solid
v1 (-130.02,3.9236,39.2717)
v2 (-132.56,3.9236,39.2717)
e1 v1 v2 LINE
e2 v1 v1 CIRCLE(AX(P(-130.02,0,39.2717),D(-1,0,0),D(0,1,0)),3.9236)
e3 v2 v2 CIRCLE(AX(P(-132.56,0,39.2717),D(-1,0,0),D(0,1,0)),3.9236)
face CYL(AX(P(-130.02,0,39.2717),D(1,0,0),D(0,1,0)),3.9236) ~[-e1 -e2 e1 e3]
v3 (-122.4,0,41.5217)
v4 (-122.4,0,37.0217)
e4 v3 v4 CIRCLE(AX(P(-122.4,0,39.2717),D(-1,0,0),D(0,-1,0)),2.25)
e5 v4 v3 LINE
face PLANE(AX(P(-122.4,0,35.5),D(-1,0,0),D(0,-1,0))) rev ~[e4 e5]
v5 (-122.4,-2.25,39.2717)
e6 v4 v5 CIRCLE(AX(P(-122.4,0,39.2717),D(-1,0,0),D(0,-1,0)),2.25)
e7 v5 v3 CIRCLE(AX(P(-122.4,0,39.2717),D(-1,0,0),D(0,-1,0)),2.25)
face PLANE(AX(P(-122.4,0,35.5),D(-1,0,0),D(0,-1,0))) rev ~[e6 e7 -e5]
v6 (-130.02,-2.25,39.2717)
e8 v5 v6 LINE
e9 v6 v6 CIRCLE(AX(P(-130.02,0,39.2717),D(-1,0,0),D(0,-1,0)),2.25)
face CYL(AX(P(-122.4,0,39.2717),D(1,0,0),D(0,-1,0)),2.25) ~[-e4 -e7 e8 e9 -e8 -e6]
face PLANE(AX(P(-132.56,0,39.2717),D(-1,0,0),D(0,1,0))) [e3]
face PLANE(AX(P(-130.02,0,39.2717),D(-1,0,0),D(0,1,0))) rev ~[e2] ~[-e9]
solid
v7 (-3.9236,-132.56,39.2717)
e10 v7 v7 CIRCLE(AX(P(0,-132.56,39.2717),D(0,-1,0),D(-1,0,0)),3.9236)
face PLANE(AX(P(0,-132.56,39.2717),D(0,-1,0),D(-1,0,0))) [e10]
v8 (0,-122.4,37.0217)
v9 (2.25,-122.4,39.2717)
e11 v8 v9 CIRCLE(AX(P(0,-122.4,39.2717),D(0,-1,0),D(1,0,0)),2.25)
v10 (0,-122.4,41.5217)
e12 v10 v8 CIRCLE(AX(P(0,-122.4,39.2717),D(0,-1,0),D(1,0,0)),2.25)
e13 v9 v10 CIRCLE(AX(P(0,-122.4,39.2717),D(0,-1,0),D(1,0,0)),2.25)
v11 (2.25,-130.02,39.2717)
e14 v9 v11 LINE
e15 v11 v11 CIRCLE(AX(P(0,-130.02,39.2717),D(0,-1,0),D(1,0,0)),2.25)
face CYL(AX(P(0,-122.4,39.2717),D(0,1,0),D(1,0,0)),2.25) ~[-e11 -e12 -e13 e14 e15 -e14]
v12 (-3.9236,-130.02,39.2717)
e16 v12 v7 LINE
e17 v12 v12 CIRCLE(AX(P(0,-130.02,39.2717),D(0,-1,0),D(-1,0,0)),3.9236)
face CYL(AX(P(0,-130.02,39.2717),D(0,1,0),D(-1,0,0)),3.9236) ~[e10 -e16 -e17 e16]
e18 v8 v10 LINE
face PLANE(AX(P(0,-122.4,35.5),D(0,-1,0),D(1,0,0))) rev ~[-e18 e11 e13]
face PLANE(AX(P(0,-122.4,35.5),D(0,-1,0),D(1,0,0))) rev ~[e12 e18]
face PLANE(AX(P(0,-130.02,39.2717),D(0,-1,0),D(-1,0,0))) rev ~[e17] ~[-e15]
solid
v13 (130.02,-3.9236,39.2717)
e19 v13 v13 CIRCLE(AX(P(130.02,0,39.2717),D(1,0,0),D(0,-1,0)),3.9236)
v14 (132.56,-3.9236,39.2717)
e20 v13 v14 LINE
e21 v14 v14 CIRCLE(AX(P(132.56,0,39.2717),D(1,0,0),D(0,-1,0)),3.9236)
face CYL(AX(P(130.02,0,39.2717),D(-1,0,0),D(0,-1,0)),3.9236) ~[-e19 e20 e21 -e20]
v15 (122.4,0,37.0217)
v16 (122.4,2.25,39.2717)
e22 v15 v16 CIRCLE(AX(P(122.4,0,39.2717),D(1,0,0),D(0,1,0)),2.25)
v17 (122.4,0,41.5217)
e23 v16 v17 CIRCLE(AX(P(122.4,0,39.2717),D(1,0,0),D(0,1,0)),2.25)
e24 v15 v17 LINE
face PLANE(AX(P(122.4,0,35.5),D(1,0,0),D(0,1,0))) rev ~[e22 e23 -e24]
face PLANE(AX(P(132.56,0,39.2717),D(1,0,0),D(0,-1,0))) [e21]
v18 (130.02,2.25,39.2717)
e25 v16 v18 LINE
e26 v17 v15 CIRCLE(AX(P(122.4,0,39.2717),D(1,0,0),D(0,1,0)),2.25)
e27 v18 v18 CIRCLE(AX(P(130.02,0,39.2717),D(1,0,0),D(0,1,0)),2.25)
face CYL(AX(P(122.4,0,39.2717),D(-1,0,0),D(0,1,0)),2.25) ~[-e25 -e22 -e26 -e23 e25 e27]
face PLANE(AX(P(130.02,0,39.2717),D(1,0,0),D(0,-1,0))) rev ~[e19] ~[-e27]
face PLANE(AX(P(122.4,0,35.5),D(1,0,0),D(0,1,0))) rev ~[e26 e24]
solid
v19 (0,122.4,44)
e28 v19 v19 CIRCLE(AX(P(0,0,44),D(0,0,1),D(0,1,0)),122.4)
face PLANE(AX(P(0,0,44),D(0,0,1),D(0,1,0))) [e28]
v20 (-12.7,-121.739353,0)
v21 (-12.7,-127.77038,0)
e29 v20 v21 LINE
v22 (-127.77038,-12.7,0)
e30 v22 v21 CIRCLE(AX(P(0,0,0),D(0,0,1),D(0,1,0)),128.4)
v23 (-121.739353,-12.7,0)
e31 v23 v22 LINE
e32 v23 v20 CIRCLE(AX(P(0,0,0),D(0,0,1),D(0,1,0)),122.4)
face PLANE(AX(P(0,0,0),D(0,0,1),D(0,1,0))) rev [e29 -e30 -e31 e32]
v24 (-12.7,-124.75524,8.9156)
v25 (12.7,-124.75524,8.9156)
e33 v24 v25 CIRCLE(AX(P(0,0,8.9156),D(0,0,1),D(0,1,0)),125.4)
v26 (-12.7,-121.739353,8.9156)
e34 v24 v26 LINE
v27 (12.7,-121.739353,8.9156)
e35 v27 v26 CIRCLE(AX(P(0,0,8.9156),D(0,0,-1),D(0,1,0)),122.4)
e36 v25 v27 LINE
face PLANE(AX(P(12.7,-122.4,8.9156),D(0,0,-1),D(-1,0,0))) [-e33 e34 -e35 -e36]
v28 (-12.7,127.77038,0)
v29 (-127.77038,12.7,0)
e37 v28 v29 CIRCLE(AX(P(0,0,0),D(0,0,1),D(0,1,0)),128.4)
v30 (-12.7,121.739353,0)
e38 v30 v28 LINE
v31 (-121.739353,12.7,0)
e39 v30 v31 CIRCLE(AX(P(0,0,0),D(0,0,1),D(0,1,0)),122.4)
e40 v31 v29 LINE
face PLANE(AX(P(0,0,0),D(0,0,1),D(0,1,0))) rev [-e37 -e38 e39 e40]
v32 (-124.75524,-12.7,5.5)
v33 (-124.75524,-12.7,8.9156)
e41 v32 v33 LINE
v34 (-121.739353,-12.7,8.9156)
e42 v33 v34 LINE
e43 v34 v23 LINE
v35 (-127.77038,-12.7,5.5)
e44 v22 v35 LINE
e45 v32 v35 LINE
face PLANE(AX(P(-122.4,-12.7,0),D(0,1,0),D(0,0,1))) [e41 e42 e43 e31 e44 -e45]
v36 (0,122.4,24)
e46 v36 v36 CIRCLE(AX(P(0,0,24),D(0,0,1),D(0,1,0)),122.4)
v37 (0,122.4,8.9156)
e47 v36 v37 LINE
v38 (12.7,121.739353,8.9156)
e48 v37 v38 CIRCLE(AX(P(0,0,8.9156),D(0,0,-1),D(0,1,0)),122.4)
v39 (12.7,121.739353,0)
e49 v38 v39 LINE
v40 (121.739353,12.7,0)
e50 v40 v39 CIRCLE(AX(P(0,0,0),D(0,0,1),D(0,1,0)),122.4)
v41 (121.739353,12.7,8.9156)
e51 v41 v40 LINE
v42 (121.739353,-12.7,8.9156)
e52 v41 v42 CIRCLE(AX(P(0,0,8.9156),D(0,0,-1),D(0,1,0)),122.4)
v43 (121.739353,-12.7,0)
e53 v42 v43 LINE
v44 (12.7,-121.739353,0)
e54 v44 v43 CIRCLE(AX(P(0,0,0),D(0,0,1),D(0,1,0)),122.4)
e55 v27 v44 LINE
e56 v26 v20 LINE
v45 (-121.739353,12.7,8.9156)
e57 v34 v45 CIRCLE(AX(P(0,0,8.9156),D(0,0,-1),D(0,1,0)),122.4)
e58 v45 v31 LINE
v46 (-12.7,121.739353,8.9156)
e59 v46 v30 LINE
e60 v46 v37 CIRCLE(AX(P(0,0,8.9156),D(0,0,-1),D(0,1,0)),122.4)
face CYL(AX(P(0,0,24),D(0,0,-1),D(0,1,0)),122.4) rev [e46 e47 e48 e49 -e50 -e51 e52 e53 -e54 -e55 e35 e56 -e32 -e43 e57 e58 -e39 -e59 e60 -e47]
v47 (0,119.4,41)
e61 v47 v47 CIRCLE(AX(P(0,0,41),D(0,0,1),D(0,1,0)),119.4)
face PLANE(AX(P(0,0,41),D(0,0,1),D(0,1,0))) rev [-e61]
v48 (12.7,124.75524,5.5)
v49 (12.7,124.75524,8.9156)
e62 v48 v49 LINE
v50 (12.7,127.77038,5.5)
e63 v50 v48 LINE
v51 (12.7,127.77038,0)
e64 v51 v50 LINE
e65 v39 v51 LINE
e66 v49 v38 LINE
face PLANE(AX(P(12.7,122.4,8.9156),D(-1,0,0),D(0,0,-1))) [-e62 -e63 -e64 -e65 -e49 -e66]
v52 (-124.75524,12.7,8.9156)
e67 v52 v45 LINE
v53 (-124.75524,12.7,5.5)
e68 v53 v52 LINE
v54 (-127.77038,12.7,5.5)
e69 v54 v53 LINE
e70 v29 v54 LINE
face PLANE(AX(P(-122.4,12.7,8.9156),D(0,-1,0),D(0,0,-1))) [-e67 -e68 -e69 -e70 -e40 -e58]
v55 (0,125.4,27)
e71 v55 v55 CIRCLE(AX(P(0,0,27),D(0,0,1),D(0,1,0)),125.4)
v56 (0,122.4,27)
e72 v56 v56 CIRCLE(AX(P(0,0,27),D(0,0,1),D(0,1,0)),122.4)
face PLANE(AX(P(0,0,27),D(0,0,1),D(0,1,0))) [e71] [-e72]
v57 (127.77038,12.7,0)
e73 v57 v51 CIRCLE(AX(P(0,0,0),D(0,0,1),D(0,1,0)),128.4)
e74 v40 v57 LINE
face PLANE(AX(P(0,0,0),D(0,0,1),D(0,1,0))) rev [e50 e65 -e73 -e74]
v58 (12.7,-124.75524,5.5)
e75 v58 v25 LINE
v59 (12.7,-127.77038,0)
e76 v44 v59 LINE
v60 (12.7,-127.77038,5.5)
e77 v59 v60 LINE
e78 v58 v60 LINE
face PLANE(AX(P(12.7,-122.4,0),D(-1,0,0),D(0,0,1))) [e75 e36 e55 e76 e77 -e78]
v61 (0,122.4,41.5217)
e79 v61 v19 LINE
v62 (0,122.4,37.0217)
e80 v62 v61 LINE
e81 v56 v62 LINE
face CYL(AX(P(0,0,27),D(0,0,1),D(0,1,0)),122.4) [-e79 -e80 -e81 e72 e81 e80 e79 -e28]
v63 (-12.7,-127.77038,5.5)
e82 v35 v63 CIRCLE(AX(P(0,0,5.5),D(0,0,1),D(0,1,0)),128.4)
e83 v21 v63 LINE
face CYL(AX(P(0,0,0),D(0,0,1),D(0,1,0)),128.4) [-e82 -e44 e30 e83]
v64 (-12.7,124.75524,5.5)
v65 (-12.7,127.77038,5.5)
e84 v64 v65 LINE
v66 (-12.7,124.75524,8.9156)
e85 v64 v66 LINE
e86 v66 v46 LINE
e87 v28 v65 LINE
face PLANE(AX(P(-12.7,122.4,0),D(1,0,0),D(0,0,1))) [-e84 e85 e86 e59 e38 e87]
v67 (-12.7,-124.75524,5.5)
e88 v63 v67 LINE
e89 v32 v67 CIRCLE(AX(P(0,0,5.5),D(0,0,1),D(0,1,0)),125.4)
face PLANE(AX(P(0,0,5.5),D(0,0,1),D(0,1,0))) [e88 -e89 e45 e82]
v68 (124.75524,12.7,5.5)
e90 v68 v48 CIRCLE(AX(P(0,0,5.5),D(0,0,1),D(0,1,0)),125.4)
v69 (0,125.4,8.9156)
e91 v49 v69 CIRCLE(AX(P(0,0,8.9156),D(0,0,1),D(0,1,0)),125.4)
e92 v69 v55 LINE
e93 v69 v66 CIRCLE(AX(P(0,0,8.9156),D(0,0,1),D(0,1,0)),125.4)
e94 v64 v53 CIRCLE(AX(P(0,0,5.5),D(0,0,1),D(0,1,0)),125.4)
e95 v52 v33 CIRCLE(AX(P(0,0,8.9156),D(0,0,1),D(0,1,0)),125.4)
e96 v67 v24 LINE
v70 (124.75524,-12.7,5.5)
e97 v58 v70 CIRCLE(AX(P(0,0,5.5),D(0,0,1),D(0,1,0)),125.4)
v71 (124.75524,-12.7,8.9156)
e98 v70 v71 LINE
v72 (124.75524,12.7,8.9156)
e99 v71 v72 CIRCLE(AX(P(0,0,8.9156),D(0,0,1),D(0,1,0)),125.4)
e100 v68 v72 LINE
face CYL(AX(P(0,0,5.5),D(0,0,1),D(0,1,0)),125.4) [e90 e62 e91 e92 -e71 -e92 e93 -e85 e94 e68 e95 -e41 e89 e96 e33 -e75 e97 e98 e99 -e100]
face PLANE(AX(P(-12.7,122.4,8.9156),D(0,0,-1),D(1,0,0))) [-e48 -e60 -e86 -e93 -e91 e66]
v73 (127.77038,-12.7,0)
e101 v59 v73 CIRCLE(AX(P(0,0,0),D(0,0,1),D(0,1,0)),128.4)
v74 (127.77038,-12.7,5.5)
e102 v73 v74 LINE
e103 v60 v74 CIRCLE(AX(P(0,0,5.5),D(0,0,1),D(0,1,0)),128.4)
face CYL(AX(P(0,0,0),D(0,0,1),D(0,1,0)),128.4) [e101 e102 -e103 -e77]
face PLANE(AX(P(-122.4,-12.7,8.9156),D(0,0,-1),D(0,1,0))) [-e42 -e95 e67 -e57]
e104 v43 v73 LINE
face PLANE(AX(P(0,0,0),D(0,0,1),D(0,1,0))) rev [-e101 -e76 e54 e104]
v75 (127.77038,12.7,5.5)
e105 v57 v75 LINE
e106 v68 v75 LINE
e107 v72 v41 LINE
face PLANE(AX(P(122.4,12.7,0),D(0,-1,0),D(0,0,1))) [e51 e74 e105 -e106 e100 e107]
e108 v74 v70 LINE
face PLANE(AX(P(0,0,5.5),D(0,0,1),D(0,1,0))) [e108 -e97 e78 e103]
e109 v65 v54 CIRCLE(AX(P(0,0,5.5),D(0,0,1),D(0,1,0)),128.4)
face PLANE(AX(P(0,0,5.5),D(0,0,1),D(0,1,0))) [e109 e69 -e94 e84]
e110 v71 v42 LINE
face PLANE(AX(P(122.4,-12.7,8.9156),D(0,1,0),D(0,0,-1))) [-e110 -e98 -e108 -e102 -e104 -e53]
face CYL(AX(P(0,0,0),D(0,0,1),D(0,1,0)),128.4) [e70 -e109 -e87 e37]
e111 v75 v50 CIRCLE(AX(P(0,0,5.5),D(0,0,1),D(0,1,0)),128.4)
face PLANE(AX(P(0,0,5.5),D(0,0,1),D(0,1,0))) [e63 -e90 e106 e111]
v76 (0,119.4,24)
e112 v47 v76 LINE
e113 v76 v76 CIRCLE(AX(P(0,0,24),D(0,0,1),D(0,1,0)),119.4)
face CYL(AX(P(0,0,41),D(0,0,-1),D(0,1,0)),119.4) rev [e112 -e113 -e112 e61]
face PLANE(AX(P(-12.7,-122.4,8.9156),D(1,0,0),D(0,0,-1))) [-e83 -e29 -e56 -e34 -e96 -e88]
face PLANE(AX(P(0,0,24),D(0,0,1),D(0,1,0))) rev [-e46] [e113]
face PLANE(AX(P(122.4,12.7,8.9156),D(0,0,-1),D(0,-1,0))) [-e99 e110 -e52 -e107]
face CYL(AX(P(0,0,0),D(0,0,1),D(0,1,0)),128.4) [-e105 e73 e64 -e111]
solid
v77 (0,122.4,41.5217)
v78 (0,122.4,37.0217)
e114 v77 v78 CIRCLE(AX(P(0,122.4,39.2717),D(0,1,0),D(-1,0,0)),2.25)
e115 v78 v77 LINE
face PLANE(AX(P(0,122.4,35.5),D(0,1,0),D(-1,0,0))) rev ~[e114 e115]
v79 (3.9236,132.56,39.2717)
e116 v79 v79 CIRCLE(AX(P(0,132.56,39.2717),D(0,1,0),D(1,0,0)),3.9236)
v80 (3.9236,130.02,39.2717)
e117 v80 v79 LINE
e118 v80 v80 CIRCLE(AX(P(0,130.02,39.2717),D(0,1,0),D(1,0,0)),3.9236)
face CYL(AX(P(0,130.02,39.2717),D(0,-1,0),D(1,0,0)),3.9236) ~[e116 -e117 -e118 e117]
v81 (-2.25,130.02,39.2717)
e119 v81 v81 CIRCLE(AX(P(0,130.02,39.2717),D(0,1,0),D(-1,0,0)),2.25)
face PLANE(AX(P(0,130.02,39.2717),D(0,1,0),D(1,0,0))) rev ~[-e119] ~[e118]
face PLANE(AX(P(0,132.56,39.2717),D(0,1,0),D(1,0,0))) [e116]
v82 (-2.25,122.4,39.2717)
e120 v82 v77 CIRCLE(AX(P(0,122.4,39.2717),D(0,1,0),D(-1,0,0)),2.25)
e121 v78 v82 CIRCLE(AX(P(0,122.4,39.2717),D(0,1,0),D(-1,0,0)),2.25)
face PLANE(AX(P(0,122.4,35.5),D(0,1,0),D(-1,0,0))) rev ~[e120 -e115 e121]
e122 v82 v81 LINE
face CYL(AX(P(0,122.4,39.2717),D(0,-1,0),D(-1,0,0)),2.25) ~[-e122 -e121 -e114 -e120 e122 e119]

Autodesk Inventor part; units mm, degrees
ref_plane "YZ Plane" through (0, 0, 0) normal (1, 0, 0) x (0, 1, 0)
ref_plane "XY Plane" through (0, 0, 0) normal (0, 0, 1) x (1, 0, 0)
sketch "Sketch2" plane through (0, 0, 0) normal (1, 0, 0) x (0, 1, 0)
  line L0 (128.4, 0) -> (128.4, 5.5)
  line L1 (128.4, 5.5) -> (125.4, 5.5)
  line L2 (125.4, 5.5) -> (125.4, 27)
  line L3 (125.4, 27) -> (122.4, 27)
  line L4 (122.4, 27) -> (122.4, 44)
  line L5 (122.4, 44) -> (0, 44)
  line L6 (0, 44) -> (0, 41)
  line L7 (0, 41) -> (119.4, 41)
  line L8 (119.4, 41) -> (119.4, 24)
  line L9 (119.4, 24) -> (122.4, 24)
  line L10 (122.4, 24) -> (122.4, 0)
  line L11 (122.4, 0) -> (128.4, 0)
  line L12 (0, 0) -> (0, 41) construction
  line L13 (122.4, 0) -> (0, 0) construction
  line L14 (122.4, 24) -> (122.4, 27) construction
  dimension "d3" = 17
  dimension "d4" = 44
  dimension "d5" = 5.5
  dimension "d6" = 3
  dimension "d8" = 122.4
revolve "Revolution1" add sketch "Sketch2" angle 360 about axis through (0, 0, 0) along (0, 0, 1)
ref_plane "Work Plane1" through (0, 122.4, 35.5) normal (0, 1, 0) x (-1, 0, 0)
sketch "Sketch4" plane through (0, 122.4, 35.5) normal (0, 1, 0) x (-1, 0, 0)
  circle A0 centre (0, 3.7717) radius 2.25
  line L0 (-122.4, 8.5) -> (122.4, 8.5) projected
  line L1 (0, 3.7717) -> (0, 8.5) construction
  point P0 (0, -35.5)
  dimension "d9" = 4.5
extrude "Extrusion2" add sketch "Sketch4" along normal blind 7.62
sketch "Sketch5" plane through (0, 130.02, 39.2717) normal (0, 1, 0) x (1, 0, 0)
  arc A0 (0, 2.25) -> (0, -2.25) centre (0, 0) ccw projected
  circle A1 centre (0, 0) radius 3.9236
  point P0 (0, 39.2717)
extrude "Extrusion3" add sketch "Sketch5" along normal blind 2.54
pattern_circular "Circular Pattern1" count 4 over 360 about axis through (0, 0, 35.5) along (0, 0, -1) of "Extrusion2", "Extrusion3"
sketch "Sketch6" plane through (0, 122.4, 35.5) normal (0, 1, 0) x (-1, 0, 0)
  line L0 (-128.4, -35.5) -> (128.4, -35.5) projected
  line L1 (-122.4, -35.5) -> (122.4, -35.5) projected
  line L2 (12.7, -26.5844) -> (-12.7, -26.5844)
  line L3 (-12.7, -26.5844) -> (-12.7, -35.5)
  line L4 (-12.7, -35.5) -> (12.7, -35.5)
  line L5 (12.7, -35.5) -> (12.7, -26.5844)
  line L6 (12.7, -26.5844) -> (-12.7, -35.5) construction
  line L7 (-12.7, -26.5844) -> (12.7, -35.5) construction
  line L8 (0, -31.0422) -> (0, -35.5) construction
  dimension "d20" = 25.4
extrude "Extrusion4" cut sketch "Sketch6" along normal mid plane 25.4
pattern_circular "Circular Pattern2" count 4 over 360 about axis through (0, 0, 35.5) along (0, 0, -1) of "Extrusion4"
properties part number "light"
